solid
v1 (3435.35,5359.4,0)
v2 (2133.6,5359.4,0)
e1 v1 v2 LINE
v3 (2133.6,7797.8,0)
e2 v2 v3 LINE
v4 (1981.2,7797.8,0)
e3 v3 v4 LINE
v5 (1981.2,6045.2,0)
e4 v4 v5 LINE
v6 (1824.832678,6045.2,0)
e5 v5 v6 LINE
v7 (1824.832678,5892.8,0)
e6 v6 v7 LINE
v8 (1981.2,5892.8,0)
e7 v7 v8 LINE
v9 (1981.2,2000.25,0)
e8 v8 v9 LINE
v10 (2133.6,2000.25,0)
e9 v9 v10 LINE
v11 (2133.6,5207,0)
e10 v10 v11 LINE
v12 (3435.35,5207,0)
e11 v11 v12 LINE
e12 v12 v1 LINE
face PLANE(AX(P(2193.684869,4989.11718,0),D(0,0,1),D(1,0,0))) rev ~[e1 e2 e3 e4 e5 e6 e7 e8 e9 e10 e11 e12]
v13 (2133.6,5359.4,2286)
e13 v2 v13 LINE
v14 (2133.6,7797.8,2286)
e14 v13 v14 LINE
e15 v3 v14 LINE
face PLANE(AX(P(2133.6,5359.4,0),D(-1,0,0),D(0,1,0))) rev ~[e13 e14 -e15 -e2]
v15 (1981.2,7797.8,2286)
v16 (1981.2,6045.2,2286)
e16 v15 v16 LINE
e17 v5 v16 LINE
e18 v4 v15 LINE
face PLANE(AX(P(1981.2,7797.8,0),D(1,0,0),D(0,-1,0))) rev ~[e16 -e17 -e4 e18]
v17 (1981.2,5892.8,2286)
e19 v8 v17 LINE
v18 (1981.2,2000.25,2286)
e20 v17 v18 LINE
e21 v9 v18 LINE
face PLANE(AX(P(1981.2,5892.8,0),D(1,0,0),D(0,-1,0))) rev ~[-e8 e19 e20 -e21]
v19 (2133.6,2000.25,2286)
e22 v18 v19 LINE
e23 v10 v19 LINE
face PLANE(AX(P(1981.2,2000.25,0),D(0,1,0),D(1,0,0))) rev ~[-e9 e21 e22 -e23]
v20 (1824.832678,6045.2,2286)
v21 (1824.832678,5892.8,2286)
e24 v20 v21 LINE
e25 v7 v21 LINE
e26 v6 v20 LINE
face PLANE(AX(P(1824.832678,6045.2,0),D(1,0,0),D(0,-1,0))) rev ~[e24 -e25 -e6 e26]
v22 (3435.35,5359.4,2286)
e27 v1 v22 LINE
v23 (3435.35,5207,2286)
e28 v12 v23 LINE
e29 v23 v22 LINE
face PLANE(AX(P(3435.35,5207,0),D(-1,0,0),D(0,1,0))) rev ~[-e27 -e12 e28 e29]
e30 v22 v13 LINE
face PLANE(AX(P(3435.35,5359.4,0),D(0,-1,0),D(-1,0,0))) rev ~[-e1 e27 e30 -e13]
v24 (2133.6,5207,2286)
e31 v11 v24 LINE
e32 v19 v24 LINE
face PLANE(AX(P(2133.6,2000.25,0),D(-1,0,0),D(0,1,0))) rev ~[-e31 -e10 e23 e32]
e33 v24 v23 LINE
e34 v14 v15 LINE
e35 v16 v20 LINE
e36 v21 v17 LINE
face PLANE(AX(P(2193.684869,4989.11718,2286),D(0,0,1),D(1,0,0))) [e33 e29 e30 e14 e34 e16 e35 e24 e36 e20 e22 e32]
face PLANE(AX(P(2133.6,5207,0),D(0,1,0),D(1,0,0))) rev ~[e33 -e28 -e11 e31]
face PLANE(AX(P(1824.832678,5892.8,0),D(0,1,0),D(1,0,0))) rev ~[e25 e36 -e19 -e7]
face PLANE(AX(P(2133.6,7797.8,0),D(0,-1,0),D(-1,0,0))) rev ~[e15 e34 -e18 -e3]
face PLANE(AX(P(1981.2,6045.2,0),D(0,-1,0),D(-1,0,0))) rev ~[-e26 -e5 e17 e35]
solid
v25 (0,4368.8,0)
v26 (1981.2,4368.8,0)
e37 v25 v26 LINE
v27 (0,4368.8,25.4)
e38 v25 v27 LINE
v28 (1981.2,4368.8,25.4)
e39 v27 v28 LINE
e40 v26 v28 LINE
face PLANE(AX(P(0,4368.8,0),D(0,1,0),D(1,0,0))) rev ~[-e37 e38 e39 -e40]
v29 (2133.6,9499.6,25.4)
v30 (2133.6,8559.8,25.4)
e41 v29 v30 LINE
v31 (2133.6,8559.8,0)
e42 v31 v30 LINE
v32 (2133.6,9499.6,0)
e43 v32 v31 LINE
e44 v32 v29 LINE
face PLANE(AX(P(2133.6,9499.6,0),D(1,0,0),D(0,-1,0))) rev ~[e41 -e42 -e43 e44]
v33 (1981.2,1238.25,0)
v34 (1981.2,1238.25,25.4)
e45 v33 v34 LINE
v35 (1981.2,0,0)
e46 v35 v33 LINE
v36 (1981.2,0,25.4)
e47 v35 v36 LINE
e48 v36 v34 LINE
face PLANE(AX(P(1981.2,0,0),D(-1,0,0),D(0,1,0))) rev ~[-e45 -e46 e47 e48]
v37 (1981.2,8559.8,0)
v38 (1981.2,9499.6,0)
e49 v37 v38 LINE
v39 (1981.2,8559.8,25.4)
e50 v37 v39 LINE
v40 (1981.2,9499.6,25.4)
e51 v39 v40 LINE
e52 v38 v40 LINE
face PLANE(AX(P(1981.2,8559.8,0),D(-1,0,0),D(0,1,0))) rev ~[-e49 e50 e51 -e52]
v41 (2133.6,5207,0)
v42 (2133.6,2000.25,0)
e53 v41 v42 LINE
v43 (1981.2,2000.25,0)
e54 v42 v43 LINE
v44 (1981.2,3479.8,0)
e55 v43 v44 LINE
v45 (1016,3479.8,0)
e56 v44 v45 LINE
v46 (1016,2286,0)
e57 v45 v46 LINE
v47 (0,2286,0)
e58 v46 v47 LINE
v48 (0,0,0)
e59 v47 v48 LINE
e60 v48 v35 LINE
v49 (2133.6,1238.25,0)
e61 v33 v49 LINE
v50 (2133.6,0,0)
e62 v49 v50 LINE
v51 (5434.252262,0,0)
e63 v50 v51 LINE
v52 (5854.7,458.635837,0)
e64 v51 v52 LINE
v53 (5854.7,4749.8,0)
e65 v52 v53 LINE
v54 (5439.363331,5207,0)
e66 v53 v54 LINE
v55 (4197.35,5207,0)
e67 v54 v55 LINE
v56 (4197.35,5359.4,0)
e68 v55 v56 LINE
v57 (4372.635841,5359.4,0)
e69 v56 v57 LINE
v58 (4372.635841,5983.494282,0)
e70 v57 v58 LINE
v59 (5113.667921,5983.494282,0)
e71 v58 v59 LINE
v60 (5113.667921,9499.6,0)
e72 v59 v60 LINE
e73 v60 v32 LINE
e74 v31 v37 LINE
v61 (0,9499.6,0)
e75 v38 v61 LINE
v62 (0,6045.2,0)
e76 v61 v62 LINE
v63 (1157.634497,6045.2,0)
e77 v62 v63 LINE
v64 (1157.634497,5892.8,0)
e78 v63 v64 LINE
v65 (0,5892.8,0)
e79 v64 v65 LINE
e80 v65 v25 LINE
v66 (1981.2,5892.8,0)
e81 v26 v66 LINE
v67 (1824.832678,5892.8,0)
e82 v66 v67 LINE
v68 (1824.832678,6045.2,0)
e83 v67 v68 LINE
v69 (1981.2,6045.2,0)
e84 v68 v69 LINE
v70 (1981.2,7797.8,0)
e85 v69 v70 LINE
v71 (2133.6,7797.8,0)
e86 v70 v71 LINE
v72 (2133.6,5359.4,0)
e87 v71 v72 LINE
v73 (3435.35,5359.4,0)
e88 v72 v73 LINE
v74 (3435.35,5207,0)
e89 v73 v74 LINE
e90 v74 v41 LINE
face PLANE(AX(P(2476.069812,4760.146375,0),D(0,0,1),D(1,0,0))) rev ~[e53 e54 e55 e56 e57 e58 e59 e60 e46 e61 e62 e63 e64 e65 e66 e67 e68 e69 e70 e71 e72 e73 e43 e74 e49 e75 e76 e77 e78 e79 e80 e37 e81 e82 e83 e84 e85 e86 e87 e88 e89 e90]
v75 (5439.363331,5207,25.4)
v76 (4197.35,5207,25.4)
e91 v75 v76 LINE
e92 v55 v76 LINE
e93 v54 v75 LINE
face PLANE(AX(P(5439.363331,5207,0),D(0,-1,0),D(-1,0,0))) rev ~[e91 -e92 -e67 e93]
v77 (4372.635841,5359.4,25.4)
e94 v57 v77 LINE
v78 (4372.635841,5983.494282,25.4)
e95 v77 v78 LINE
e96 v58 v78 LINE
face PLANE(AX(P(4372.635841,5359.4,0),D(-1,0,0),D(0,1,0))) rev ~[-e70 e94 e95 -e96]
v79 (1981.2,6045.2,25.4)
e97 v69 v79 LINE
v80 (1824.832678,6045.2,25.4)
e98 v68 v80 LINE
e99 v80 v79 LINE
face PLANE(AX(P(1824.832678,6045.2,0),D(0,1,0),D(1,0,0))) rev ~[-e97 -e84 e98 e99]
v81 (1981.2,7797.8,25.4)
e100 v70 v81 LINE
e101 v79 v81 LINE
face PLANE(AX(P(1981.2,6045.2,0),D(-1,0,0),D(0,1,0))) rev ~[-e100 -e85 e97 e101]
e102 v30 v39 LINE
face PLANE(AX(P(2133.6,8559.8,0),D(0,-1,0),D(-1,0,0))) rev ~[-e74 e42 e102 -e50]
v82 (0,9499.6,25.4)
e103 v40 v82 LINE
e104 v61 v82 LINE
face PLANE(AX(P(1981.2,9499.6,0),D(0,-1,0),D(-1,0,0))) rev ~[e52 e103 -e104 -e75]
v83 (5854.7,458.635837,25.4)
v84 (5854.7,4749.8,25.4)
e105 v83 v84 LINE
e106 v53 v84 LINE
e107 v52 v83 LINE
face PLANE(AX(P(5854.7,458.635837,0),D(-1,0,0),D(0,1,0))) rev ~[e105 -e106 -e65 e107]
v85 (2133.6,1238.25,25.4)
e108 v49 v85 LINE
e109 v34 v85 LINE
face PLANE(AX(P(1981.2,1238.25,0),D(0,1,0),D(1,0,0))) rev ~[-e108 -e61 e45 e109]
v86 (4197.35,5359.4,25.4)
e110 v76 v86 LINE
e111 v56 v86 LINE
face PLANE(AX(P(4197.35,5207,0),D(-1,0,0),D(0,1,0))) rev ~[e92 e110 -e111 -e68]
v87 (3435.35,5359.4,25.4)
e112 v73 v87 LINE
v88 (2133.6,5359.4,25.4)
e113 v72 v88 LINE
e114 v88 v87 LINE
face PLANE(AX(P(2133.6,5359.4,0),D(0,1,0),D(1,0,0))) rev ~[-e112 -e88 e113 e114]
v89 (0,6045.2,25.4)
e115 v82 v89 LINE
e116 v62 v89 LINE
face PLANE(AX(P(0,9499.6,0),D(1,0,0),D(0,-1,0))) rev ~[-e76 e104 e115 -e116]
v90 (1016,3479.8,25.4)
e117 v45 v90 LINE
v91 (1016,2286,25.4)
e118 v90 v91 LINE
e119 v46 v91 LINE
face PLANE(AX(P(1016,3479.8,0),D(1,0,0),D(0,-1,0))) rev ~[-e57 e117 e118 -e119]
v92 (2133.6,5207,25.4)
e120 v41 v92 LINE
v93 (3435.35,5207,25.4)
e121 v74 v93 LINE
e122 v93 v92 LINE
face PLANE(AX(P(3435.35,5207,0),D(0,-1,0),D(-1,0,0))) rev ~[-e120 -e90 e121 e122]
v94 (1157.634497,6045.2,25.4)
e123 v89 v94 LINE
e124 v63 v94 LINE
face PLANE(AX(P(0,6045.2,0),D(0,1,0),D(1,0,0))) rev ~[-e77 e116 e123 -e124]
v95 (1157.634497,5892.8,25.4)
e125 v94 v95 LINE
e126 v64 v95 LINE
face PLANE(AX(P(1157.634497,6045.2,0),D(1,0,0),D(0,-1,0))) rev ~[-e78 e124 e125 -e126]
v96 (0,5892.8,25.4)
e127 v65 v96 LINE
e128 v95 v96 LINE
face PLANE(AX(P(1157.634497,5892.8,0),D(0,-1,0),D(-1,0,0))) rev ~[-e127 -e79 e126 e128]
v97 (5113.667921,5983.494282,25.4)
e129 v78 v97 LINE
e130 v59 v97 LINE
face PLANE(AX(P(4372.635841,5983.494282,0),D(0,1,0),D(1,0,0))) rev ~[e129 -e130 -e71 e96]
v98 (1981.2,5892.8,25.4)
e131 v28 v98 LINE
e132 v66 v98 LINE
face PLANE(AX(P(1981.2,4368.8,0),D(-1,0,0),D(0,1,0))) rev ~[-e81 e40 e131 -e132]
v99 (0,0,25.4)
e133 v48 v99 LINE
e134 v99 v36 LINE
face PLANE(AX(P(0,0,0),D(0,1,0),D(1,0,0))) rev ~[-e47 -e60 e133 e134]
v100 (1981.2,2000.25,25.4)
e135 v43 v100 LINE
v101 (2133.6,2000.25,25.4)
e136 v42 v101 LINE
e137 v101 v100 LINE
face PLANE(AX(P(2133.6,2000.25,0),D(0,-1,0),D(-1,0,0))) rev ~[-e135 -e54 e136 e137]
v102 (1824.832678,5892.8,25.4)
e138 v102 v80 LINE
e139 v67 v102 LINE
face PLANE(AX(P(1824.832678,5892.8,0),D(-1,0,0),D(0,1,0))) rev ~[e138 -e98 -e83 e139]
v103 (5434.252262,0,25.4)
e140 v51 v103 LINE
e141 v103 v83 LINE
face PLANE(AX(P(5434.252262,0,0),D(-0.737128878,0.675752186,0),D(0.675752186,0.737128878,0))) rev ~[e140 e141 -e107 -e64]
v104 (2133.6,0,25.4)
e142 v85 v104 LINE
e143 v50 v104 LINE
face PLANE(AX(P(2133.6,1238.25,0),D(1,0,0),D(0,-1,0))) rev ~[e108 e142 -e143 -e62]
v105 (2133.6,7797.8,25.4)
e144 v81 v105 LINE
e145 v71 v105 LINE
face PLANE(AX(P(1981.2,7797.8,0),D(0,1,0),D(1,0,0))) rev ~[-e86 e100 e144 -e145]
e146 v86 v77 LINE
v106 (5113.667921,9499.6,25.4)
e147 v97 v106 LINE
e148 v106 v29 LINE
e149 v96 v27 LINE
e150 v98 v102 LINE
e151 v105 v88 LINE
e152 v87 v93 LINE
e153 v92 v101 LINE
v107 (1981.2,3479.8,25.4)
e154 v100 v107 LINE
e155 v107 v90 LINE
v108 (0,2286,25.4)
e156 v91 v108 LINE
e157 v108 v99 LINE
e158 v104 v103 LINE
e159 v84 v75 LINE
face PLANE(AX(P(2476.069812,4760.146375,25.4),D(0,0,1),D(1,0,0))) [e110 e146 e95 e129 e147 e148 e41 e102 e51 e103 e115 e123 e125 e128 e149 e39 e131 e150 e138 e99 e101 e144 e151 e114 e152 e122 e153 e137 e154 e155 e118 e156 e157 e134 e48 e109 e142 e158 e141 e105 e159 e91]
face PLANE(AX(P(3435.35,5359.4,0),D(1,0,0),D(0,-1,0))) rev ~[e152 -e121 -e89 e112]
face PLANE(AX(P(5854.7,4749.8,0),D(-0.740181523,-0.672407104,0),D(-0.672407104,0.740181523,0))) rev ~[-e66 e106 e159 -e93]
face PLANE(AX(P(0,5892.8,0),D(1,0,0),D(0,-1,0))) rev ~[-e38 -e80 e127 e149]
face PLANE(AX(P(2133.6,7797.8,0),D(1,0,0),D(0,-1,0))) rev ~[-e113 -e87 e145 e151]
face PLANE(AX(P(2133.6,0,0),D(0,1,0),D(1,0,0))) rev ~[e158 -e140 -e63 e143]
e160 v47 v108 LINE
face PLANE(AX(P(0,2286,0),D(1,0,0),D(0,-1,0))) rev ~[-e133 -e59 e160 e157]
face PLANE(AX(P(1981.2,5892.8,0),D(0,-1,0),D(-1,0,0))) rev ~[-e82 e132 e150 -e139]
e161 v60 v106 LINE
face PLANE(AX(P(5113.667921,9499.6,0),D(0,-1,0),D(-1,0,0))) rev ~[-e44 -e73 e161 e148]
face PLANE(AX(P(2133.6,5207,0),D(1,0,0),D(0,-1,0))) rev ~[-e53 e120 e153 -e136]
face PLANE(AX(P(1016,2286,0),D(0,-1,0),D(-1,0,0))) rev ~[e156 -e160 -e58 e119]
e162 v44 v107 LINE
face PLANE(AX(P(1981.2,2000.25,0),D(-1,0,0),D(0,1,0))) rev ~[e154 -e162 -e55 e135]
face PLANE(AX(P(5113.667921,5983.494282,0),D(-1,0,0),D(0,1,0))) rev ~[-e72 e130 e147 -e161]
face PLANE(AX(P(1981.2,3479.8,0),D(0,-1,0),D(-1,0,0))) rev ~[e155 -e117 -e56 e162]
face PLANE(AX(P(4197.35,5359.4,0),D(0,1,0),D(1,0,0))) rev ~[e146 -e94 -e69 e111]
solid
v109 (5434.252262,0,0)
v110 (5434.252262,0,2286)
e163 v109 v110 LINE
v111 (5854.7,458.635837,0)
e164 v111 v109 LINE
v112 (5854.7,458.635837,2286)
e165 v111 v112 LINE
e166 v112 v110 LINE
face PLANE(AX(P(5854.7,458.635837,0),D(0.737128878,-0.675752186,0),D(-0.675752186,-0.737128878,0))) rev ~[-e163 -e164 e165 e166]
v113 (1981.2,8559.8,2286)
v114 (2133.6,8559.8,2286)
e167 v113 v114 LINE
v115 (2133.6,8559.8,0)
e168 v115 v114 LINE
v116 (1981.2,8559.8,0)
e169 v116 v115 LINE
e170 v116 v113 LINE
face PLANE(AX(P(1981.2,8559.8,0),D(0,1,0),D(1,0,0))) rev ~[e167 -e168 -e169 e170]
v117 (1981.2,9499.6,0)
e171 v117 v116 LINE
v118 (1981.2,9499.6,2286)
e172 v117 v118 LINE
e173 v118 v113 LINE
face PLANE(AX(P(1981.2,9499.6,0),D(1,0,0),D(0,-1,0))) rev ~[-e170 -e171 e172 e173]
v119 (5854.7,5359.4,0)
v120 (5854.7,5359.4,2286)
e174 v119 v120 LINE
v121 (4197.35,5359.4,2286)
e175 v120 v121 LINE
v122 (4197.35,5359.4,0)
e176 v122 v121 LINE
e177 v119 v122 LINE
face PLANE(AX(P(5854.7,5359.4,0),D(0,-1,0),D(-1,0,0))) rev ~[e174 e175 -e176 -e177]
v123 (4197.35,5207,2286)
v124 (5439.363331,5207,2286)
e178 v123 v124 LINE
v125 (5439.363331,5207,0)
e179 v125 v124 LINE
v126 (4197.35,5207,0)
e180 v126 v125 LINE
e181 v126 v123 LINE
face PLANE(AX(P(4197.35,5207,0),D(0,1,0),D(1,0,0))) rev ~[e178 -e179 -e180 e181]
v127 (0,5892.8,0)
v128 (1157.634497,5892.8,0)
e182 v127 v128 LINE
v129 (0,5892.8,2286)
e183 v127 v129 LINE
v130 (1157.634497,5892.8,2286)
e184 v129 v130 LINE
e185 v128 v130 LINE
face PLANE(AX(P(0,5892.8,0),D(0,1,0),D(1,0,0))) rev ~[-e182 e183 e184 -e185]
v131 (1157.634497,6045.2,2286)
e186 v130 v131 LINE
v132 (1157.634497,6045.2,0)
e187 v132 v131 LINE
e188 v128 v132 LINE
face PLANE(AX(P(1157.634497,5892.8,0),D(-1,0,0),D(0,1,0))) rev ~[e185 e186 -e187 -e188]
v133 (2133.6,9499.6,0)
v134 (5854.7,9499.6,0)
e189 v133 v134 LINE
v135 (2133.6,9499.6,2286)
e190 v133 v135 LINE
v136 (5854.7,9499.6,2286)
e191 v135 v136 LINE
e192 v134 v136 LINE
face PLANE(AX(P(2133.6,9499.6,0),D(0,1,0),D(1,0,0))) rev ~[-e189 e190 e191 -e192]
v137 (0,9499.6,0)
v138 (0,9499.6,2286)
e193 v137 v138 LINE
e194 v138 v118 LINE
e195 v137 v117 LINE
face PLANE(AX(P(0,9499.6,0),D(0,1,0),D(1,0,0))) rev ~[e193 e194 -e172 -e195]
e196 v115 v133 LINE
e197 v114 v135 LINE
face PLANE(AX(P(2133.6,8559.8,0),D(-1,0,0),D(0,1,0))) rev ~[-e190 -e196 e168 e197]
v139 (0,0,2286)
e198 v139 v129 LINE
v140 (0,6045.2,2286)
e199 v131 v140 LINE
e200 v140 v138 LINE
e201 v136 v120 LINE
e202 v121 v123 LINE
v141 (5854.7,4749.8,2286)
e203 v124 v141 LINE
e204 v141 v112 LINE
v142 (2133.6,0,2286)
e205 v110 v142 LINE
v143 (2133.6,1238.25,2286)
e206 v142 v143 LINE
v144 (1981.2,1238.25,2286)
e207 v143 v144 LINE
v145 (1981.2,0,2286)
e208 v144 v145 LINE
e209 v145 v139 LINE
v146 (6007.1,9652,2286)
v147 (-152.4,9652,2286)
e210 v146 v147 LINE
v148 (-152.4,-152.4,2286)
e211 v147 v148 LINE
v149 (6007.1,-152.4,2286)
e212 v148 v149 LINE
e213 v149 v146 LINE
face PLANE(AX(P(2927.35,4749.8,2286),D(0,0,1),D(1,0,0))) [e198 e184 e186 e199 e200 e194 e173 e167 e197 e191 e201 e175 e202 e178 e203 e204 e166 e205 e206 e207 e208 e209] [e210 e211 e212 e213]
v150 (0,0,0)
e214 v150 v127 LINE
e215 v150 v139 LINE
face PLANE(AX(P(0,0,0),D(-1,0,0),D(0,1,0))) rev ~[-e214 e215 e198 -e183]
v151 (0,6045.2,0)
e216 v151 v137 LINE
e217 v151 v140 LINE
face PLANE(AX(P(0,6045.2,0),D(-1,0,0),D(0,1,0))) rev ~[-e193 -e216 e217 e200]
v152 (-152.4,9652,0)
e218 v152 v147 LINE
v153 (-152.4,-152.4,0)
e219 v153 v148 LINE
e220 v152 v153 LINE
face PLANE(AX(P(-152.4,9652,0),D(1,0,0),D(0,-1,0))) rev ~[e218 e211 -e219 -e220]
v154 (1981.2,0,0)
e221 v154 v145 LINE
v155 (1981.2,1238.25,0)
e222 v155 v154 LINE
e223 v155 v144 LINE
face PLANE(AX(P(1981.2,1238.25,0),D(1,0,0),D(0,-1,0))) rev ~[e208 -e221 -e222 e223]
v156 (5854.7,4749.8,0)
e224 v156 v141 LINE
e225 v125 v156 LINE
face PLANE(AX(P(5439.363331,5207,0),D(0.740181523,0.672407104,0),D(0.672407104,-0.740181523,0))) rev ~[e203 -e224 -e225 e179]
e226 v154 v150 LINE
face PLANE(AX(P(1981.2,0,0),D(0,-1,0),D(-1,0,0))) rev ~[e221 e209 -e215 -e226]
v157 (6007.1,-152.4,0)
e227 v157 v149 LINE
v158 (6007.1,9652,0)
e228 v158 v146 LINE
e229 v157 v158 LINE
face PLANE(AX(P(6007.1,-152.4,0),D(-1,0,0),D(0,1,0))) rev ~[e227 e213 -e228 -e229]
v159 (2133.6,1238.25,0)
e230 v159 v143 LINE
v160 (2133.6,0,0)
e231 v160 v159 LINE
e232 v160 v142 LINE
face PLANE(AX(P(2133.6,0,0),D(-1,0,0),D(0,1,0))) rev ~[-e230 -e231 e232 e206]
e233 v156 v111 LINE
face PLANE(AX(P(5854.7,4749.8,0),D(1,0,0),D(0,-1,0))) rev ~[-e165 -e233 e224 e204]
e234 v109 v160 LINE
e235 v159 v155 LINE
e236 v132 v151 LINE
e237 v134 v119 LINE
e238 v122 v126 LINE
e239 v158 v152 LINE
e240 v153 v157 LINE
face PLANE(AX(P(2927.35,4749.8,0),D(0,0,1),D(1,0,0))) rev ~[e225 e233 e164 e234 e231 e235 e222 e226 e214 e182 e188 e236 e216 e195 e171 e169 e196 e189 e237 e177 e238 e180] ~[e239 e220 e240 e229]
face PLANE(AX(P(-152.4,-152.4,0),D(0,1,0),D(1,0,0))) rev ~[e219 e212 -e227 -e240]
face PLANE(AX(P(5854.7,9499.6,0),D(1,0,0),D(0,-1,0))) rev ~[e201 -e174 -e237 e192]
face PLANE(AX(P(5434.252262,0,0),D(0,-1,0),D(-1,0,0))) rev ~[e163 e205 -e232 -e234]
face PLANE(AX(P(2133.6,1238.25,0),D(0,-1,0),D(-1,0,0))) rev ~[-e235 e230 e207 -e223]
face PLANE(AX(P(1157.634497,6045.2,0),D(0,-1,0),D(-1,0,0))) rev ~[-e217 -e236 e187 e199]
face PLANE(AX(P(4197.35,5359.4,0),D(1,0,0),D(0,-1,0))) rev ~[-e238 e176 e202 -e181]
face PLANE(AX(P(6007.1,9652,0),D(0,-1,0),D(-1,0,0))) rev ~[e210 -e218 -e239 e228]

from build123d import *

# Parameters (mm, degrees)
F1_DEPTH = 2286
F2_DEPTH = 25.4


with BuildPart() as f1:
    # F0 (on Top) → F1 (new body)
    with BuildSketch(Plane.XY):
        Polygon((6007.1, -152.4), (6007.1, 0), (6007.1, 9499.6), (6007.1, 9652), (5854.7, 9652), (0, 9652), (-152.4, 9652), (-152.4, 9499.6), (-152.4, 0), (-152.4, -152.4), (0, -152.4), (5854.7, -152.4), align=None)
        Polygon((5854.7, 458.635837), (5434.252262, 0), (2133.6, 0), (2133.6, 1238.25), (1981.2, 1238.25), (1981.2, 0), (0, 0), (0, 2286), (0, 4368.8), (0, 5892.8), (1157.634497, 5892.8), (1157.634497, 6045.2), (0, 6045.2), (0, 9499.6), (1981.2, 9499.6), (1981.2, 8559.8), (2133.6, 8559.8), (2133.6, 9499.6), (5113.667921, 9499.6), (5848.350048, 9499.6), (5854.7, 9499.6), (5854.7, 5983.494282), (5854.7, 5359.4), (5848.350048, 5359.4), (4372.635841, 5359.4), (4197.35, 5359.4), (4197.35, 5207), (5439.363331, 5207), (5854.7, 4749.8), align=None, mode=Mode.SUBTRACT)
        Polygon((1981.2, 5283.2), (1981.2, 4368.8), (1981.2, 3479.8), (1981.2, 2000.25), (2133.6, 2000.25), (2133.6, 3479.8), (2133.6, 4368.8), (2133.6, 5207), (3435.35, 5207), (3435.35, 5359.4), (2133.6, 5359.4), (2133.6, 5969), (2133.6, 7797.8), (1981.2, 7797.8), (1981.2, 6045.2), (1824.832678, 6045.2), (1824.832678, 5892.8), (1981.2, 5892.8), align=None)
    extrude(amount=F1_DEPTH)


with BuildPart() as f2:
    # F0 (on Top) → F2 (new body)
    with BuildSketch(Plane.XY):
        Polygon((2133.6, 0), (5434.252262, 0), (5854.7, 458.635837), (5854.7, 4749.8), (5439.363331, 5207), (4197.35, 5207), (4197.35, 5359.4), (4372.635841, 5359.4), (4372.635841, 5983.494282), (5113.667921, 5983.494282), (5113.667921, 9499.6), (2133.6, 9499.6), (2133.6, 8559.8), (1981.2, 8559.8), (1981.2, 9499.6), (0, 9499.6), (0, 6045.2), (1157.634497, 6045.2), (1157.634497, 5892.8), (0, 5892.8), (0, 4368.8), (1981.2, 4368.8), (1981.2, 5283.2), (1981.2, 5892.8), (1824.832678, 5892.8), (1824.832678, 6045.2), (1981.2, 6045.2), (1981.2, 7797.8), (2133.6, 7797.8), (2133.6, 5969), (2133.6, 5359.4), (3435.35, 5359.4), (3435.35, 5207), (2133.6, 5207), (2133.6, 4368.8), (2133.6, 3479.8), (2133.6, 2000.25), (1981.2, 2000.25), (1981.2, 3479.8), (1016, 3479.8), (1016, 2286), (0, 2286), (0, 0), (1981.2, 0), (1981.2, 1238.25), (2133.6, 1238.25), align=None)
    extrude(amount=F2_DEPTH)


solid = Compound([f1.part, f2.part])
